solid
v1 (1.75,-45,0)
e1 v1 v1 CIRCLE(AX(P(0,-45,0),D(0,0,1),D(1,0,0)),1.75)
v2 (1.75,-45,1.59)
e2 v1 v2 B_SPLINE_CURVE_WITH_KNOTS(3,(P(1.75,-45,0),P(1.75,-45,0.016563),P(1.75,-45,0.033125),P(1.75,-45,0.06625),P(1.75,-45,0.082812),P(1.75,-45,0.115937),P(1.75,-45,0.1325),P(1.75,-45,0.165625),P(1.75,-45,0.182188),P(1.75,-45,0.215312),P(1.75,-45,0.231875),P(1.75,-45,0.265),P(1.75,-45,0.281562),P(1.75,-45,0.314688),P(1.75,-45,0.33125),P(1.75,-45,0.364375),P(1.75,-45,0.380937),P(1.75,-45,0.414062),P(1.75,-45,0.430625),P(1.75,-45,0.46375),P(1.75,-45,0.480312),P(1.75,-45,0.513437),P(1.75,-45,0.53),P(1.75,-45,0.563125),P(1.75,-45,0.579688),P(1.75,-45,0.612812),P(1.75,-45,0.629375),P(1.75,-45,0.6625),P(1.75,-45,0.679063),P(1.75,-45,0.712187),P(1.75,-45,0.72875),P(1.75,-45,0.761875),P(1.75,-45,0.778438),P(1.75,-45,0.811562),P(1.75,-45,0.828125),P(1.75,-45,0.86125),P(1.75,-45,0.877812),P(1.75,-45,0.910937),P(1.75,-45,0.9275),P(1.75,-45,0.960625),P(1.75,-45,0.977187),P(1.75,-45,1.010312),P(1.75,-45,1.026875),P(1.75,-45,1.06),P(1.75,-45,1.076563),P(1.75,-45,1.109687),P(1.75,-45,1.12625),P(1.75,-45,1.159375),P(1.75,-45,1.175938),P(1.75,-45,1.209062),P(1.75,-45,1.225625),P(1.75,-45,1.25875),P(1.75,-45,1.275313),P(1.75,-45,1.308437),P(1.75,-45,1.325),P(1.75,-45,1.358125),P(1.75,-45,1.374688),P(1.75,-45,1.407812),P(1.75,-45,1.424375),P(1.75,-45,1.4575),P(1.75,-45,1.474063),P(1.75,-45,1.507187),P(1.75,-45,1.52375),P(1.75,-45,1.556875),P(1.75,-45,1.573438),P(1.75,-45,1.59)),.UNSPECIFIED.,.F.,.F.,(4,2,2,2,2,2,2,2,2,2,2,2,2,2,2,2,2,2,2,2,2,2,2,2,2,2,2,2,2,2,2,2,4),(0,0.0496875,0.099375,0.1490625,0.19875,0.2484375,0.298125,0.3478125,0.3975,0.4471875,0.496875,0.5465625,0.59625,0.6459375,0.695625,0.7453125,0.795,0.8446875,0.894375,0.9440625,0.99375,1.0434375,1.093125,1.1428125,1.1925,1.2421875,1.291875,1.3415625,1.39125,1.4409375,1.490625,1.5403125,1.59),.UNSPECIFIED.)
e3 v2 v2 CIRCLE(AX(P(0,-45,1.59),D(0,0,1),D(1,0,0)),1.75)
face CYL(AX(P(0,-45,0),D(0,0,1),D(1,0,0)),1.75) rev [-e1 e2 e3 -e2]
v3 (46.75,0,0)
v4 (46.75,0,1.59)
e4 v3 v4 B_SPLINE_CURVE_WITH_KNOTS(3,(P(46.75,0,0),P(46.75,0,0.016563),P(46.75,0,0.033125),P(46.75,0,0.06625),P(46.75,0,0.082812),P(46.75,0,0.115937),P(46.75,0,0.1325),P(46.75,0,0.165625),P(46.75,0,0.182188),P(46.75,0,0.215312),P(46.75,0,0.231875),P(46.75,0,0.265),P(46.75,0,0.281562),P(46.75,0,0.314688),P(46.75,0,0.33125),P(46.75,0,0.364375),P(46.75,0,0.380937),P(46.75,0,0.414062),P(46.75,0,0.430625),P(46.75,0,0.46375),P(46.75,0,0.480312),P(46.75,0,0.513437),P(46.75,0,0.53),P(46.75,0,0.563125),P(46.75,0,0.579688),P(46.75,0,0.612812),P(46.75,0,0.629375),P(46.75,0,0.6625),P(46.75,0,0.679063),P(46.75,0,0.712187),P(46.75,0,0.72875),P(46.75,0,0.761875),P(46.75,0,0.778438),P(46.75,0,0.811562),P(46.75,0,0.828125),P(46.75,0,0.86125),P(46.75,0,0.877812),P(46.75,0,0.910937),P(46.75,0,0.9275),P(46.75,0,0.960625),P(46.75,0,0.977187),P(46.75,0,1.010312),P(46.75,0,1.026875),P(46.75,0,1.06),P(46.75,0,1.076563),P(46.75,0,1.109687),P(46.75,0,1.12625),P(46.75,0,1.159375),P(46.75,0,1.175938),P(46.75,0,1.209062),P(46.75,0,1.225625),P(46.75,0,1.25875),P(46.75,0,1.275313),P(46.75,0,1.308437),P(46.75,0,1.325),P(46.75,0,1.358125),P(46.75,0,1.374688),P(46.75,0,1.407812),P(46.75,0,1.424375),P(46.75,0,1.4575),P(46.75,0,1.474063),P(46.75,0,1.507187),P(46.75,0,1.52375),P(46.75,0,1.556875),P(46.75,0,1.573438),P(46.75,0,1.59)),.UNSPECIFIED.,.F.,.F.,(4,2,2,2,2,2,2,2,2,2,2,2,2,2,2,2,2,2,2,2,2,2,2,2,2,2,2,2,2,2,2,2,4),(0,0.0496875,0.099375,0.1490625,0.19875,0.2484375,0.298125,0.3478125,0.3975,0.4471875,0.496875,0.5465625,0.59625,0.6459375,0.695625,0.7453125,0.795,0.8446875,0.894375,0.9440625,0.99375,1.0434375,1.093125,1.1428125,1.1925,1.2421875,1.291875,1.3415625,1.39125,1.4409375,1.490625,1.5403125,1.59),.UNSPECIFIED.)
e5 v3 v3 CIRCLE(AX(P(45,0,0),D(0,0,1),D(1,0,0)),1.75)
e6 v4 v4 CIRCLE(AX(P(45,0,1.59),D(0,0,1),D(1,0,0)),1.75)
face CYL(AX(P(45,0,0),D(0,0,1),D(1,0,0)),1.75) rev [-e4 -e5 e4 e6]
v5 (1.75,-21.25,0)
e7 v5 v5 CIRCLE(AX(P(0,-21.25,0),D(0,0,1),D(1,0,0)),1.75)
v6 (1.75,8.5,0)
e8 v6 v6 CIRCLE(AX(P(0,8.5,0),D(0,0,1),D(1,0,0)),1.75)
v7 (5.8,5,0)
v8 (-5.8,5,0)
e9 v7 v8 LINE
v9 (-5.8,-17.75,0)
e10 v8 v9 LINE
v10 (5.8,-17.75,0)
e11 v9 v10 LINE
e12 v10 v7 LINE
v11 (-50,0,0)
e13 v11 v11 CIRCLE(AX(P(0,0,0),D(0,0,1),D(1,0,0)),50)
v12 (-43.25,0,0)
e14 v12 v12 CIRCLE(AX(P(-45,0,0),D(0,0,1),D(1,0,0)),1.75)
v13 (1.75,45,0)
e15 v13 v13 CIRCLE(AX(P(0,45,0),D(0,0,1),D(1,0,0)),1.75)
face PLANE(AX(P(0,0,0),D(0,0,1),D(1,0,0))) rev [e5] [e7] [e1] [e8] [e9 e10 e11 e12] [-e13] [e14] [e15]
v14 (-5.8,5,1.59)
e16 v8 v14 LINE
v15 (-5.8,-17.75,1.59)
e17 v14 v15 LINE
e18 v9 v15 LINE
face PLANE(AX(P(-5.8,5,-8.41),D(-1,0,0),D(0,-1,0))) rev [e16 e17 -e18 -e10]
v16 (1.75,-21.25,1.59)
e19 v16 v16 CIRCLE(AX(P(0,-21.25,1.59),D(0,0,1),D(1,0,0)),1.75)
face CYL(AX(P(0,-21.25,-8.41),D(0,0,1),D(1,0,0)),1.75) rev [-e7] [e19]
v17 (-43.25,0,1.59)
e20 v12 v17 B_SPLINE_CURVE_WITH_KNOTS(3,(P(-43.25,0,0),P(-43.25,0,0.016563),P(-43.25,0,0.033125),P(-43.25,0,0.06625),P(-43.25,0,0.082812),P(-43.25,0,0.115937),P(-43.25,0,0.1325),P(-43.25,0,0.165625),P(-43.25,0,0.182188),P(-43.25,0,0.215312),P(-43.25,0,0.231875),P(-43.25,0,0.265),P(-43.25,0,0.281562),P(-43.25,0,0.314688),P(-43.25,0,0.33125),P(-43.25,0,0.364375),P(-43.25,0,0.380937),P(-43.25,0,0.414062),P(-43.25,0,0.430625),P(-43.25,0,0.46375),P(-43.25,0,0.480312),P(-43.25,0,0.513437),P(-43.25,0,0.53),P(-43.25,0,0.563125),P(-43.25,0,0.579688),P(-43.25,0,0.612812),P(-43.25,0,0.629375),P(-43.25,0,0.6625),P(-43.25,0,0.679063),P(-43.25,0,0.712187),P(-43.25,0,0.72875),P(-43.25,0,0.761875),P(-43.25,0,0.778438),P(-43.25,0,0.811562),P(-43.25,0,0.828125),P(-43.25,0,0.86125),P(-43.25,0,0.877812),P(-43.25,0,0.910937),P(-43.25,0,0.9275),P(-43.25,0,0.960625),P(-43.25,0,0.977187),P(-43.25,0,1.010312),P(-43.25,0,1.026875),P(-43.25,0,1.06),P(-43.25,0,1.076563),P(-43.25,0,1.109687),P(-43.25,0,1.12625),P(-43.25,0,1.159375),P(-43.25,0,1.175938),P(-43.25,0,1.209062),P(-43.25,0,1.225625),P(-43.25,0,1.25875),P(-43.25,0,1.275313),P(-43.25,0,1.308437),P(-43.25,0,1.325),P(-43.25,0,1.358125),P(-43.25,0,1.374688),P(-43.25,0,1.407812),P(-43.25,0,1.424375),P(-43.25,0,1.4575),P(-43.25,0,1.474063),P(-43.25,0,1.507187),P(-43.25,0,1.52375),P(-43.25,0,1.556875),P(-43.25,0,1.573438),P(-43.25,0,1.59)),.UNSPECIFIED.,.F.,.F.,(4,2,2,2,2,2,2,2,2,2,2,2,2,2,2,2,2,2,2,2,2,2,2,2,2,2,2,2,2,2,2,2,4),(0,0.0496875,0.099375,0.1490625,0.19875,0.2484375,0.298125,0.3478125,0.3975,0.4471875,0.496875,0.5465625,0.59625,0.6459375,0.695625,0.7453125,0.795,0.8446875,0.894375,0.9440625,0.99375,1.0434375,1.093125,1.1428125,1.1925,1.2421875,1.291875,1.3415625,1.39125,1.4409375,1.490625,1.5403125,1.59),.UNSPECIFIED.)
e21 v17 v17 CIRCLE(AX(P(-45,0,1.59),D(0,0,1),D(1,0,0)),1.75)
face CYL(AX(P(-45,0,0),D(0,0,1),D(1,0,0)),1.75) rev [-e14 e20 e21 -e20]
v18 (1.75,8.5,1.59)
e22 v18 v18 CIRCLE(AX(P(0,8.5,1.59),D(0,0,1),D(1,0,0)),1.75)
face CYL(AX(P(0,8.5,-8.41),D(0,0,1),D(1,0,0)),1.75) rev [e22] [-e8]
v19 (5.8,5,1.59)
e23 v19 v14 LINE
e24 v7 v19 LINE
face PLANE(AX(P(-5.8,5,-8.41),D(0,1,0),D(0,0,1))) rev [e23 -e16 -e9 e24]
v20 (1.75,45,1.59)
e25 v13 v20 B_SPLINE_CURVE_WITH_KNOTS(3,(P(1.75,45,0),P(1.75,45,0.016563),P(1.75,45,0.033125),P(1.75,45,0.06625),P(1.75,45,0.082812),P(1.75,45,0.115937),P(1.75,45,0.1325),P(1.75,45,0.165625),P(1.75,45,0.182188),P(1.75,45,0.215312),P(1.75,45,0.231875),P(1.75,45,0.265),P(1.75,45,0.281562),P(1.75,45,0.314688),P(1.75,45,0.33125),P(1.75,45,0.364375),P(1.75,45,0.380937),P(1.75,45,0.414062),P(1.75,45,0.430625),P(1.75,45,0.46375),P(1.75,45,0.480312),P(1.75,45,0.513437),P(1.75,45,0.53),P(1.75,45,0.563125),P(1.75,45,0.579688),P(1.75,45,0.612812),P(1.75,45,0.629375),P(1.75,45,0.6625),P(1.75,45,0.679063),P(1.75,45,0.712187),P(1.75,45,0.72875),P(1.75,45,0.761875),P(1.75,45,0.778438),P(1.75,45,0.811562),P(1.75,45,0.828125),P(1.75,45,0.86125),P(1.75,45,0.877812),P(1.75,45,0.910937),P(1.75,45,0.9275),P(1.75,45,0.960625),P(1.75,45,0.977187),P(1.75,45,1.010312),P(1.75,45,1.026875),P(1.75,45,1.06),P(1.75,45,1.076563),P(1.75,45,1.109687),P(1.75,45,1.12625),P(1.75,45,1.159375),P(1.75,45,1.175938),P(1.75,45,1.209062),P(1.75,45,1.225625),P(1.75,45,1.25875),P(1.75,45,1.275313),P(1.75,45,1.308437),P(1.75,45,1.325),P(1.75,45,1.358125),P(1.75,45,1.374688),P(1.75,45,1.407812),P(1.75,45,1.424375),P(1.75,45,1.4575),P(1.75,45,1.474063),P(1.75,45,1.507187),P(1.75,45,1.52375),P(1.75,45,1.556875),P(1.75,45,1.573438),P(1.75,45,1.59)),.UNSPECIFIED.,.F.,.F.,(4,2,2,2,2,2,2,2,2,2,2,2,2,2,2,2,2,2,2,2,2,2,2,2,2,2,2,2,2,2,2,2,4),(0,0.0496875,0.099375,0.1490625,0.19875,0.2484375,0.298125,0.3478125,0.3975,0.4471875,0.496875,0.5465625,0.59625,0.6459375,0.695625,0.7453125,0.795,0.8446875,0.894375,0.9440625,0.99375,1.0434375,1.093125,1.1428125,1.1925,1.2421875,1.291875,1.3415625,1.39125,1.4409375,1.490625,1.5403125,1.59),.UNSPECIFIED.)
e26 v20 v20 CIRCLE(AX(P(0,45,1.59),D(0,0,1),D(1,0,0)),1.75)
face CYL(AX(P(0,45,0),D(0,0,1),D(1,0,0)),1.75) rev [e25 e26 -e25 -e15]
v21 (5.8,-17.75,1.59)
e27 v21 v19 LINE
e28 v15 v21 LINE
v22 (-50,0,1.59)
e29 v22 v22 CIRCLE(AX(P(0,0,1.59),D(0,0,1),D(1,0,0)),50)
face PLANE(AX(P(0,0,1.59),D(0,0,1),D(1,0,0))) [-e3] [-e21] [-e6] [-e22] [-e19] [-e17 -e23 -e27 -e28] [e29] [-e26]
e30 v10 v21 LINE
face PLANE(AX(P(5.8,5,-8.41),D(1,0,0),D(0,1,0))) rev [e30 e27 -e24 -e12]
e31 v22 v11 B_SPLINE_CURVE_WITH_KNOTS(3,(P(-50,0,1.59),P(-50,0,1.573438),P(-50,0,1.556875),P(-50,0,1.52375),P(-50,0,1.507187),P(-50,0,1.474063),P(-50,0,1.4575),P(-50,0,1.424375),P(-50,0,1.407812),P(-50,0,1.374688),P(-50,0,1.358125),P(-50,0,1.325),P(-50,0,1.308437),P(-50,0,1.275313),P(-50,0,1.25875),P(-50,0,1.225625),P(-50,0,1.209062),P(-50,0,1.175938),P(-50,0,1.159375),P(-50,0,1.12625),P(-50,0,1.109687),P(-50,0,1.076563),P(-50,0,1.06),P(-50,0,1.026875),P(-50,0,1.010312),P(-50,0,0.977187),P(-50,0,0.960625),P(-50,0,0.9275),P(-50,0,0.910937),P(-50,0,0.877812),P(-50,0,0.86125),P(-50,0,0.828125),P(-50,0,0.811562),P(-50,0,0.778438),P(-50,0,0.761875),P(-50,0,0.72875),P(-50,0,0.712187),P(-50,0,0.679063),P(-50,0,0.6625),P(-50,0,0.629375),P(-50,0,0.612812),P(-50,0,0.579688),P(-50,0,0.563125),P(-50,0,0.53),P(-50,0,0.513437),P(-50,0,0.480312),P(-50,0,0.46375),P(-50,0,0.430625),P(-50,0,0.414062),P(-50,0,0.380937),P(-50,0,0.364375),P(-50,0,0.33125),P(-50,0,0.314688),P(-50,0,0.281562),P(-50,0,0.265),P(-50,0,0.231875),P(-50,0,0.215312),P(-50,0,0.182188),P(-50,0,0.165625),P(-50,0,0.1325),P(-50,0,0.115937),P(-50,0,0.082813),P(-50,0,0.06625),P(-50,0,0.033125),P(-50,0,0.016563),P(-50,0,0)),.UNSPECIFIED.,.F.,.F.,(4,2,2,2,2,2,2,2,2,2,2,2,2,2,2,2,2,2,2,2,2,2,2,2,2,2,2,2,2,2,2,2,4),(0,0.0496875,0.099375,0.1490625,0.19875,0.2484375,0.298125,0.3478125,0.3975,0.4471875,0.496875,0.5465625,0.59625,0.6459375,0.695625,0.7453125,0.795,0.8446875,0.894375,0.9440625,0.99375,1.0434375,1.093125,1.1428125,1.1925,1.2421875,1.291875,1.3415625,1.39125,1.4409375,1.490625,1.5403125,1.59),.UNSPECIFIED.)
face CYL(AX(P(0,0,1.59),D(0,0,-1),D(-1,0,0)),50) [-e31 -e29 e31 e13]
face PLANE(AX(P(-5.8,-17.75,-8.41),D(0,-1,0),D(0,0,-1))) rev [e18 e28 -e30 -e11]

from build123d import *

# Parameters (mm, degrees)
SKETCH1_R           = 50
BOSS_EXTRUDE1_DEPTH = 1.59
SKETCH2_R           = 1.75
CUT_EXTRUDE1_DEPTH  = 1.59
SKETCH3_R           = 1.75
SKETCH3_W           = 11.6
SKETCH3_H           = 22.75
CUT_EXTRUDE2_DEPTH  = 10


with BuildPart() as part:
    # Sketch1 → Boss-Extrude1 (new body)
    with BuildSketch(Plane.XY):
        with Locations(Location((0, 0, 0), (0, 0, 180))):
            Circle(SKETCH1_R)
    extrude(amount=BOSS_EXTRUDE1_DEPTH)

    # Sketch2 → Cut-Extrude1 (cut)
    with BuildSketch(Plane.XY.offset(1.59)):
        with Locations((0, 45)):
            Circle(SKETCH2_R)
        with Locations((45, 0)):
            Circle(SKETCH2_R)
        with Locations((0, -45)):
            Circle(SKETCH2_R)
        with Locations((-45, 0)):
            Circle(SKETCH2_R)
    extrude(amount=-CUT_EXTRUDE1_DEPTH, mode=Mode.SUBTRACT)

    # Sketch3 → Cut-Extrude2 (cut)
    with BuildSketch(Plane.XY.offset(1.59)):
        with Locations((0, 8.5)):
            Circle(SKETCH3_R)
        with Locations((0, -21.25)):
            Circle(SKETCH3_R)
        with Locations((0, -6.375)):
            Rectangle(SKETCH3_W, SKETCH3_H)
    extrude(amount=-CUT_EXTRUDE2_DEPTH, mode=Mode.SUBTRACT)


solid = part.part
